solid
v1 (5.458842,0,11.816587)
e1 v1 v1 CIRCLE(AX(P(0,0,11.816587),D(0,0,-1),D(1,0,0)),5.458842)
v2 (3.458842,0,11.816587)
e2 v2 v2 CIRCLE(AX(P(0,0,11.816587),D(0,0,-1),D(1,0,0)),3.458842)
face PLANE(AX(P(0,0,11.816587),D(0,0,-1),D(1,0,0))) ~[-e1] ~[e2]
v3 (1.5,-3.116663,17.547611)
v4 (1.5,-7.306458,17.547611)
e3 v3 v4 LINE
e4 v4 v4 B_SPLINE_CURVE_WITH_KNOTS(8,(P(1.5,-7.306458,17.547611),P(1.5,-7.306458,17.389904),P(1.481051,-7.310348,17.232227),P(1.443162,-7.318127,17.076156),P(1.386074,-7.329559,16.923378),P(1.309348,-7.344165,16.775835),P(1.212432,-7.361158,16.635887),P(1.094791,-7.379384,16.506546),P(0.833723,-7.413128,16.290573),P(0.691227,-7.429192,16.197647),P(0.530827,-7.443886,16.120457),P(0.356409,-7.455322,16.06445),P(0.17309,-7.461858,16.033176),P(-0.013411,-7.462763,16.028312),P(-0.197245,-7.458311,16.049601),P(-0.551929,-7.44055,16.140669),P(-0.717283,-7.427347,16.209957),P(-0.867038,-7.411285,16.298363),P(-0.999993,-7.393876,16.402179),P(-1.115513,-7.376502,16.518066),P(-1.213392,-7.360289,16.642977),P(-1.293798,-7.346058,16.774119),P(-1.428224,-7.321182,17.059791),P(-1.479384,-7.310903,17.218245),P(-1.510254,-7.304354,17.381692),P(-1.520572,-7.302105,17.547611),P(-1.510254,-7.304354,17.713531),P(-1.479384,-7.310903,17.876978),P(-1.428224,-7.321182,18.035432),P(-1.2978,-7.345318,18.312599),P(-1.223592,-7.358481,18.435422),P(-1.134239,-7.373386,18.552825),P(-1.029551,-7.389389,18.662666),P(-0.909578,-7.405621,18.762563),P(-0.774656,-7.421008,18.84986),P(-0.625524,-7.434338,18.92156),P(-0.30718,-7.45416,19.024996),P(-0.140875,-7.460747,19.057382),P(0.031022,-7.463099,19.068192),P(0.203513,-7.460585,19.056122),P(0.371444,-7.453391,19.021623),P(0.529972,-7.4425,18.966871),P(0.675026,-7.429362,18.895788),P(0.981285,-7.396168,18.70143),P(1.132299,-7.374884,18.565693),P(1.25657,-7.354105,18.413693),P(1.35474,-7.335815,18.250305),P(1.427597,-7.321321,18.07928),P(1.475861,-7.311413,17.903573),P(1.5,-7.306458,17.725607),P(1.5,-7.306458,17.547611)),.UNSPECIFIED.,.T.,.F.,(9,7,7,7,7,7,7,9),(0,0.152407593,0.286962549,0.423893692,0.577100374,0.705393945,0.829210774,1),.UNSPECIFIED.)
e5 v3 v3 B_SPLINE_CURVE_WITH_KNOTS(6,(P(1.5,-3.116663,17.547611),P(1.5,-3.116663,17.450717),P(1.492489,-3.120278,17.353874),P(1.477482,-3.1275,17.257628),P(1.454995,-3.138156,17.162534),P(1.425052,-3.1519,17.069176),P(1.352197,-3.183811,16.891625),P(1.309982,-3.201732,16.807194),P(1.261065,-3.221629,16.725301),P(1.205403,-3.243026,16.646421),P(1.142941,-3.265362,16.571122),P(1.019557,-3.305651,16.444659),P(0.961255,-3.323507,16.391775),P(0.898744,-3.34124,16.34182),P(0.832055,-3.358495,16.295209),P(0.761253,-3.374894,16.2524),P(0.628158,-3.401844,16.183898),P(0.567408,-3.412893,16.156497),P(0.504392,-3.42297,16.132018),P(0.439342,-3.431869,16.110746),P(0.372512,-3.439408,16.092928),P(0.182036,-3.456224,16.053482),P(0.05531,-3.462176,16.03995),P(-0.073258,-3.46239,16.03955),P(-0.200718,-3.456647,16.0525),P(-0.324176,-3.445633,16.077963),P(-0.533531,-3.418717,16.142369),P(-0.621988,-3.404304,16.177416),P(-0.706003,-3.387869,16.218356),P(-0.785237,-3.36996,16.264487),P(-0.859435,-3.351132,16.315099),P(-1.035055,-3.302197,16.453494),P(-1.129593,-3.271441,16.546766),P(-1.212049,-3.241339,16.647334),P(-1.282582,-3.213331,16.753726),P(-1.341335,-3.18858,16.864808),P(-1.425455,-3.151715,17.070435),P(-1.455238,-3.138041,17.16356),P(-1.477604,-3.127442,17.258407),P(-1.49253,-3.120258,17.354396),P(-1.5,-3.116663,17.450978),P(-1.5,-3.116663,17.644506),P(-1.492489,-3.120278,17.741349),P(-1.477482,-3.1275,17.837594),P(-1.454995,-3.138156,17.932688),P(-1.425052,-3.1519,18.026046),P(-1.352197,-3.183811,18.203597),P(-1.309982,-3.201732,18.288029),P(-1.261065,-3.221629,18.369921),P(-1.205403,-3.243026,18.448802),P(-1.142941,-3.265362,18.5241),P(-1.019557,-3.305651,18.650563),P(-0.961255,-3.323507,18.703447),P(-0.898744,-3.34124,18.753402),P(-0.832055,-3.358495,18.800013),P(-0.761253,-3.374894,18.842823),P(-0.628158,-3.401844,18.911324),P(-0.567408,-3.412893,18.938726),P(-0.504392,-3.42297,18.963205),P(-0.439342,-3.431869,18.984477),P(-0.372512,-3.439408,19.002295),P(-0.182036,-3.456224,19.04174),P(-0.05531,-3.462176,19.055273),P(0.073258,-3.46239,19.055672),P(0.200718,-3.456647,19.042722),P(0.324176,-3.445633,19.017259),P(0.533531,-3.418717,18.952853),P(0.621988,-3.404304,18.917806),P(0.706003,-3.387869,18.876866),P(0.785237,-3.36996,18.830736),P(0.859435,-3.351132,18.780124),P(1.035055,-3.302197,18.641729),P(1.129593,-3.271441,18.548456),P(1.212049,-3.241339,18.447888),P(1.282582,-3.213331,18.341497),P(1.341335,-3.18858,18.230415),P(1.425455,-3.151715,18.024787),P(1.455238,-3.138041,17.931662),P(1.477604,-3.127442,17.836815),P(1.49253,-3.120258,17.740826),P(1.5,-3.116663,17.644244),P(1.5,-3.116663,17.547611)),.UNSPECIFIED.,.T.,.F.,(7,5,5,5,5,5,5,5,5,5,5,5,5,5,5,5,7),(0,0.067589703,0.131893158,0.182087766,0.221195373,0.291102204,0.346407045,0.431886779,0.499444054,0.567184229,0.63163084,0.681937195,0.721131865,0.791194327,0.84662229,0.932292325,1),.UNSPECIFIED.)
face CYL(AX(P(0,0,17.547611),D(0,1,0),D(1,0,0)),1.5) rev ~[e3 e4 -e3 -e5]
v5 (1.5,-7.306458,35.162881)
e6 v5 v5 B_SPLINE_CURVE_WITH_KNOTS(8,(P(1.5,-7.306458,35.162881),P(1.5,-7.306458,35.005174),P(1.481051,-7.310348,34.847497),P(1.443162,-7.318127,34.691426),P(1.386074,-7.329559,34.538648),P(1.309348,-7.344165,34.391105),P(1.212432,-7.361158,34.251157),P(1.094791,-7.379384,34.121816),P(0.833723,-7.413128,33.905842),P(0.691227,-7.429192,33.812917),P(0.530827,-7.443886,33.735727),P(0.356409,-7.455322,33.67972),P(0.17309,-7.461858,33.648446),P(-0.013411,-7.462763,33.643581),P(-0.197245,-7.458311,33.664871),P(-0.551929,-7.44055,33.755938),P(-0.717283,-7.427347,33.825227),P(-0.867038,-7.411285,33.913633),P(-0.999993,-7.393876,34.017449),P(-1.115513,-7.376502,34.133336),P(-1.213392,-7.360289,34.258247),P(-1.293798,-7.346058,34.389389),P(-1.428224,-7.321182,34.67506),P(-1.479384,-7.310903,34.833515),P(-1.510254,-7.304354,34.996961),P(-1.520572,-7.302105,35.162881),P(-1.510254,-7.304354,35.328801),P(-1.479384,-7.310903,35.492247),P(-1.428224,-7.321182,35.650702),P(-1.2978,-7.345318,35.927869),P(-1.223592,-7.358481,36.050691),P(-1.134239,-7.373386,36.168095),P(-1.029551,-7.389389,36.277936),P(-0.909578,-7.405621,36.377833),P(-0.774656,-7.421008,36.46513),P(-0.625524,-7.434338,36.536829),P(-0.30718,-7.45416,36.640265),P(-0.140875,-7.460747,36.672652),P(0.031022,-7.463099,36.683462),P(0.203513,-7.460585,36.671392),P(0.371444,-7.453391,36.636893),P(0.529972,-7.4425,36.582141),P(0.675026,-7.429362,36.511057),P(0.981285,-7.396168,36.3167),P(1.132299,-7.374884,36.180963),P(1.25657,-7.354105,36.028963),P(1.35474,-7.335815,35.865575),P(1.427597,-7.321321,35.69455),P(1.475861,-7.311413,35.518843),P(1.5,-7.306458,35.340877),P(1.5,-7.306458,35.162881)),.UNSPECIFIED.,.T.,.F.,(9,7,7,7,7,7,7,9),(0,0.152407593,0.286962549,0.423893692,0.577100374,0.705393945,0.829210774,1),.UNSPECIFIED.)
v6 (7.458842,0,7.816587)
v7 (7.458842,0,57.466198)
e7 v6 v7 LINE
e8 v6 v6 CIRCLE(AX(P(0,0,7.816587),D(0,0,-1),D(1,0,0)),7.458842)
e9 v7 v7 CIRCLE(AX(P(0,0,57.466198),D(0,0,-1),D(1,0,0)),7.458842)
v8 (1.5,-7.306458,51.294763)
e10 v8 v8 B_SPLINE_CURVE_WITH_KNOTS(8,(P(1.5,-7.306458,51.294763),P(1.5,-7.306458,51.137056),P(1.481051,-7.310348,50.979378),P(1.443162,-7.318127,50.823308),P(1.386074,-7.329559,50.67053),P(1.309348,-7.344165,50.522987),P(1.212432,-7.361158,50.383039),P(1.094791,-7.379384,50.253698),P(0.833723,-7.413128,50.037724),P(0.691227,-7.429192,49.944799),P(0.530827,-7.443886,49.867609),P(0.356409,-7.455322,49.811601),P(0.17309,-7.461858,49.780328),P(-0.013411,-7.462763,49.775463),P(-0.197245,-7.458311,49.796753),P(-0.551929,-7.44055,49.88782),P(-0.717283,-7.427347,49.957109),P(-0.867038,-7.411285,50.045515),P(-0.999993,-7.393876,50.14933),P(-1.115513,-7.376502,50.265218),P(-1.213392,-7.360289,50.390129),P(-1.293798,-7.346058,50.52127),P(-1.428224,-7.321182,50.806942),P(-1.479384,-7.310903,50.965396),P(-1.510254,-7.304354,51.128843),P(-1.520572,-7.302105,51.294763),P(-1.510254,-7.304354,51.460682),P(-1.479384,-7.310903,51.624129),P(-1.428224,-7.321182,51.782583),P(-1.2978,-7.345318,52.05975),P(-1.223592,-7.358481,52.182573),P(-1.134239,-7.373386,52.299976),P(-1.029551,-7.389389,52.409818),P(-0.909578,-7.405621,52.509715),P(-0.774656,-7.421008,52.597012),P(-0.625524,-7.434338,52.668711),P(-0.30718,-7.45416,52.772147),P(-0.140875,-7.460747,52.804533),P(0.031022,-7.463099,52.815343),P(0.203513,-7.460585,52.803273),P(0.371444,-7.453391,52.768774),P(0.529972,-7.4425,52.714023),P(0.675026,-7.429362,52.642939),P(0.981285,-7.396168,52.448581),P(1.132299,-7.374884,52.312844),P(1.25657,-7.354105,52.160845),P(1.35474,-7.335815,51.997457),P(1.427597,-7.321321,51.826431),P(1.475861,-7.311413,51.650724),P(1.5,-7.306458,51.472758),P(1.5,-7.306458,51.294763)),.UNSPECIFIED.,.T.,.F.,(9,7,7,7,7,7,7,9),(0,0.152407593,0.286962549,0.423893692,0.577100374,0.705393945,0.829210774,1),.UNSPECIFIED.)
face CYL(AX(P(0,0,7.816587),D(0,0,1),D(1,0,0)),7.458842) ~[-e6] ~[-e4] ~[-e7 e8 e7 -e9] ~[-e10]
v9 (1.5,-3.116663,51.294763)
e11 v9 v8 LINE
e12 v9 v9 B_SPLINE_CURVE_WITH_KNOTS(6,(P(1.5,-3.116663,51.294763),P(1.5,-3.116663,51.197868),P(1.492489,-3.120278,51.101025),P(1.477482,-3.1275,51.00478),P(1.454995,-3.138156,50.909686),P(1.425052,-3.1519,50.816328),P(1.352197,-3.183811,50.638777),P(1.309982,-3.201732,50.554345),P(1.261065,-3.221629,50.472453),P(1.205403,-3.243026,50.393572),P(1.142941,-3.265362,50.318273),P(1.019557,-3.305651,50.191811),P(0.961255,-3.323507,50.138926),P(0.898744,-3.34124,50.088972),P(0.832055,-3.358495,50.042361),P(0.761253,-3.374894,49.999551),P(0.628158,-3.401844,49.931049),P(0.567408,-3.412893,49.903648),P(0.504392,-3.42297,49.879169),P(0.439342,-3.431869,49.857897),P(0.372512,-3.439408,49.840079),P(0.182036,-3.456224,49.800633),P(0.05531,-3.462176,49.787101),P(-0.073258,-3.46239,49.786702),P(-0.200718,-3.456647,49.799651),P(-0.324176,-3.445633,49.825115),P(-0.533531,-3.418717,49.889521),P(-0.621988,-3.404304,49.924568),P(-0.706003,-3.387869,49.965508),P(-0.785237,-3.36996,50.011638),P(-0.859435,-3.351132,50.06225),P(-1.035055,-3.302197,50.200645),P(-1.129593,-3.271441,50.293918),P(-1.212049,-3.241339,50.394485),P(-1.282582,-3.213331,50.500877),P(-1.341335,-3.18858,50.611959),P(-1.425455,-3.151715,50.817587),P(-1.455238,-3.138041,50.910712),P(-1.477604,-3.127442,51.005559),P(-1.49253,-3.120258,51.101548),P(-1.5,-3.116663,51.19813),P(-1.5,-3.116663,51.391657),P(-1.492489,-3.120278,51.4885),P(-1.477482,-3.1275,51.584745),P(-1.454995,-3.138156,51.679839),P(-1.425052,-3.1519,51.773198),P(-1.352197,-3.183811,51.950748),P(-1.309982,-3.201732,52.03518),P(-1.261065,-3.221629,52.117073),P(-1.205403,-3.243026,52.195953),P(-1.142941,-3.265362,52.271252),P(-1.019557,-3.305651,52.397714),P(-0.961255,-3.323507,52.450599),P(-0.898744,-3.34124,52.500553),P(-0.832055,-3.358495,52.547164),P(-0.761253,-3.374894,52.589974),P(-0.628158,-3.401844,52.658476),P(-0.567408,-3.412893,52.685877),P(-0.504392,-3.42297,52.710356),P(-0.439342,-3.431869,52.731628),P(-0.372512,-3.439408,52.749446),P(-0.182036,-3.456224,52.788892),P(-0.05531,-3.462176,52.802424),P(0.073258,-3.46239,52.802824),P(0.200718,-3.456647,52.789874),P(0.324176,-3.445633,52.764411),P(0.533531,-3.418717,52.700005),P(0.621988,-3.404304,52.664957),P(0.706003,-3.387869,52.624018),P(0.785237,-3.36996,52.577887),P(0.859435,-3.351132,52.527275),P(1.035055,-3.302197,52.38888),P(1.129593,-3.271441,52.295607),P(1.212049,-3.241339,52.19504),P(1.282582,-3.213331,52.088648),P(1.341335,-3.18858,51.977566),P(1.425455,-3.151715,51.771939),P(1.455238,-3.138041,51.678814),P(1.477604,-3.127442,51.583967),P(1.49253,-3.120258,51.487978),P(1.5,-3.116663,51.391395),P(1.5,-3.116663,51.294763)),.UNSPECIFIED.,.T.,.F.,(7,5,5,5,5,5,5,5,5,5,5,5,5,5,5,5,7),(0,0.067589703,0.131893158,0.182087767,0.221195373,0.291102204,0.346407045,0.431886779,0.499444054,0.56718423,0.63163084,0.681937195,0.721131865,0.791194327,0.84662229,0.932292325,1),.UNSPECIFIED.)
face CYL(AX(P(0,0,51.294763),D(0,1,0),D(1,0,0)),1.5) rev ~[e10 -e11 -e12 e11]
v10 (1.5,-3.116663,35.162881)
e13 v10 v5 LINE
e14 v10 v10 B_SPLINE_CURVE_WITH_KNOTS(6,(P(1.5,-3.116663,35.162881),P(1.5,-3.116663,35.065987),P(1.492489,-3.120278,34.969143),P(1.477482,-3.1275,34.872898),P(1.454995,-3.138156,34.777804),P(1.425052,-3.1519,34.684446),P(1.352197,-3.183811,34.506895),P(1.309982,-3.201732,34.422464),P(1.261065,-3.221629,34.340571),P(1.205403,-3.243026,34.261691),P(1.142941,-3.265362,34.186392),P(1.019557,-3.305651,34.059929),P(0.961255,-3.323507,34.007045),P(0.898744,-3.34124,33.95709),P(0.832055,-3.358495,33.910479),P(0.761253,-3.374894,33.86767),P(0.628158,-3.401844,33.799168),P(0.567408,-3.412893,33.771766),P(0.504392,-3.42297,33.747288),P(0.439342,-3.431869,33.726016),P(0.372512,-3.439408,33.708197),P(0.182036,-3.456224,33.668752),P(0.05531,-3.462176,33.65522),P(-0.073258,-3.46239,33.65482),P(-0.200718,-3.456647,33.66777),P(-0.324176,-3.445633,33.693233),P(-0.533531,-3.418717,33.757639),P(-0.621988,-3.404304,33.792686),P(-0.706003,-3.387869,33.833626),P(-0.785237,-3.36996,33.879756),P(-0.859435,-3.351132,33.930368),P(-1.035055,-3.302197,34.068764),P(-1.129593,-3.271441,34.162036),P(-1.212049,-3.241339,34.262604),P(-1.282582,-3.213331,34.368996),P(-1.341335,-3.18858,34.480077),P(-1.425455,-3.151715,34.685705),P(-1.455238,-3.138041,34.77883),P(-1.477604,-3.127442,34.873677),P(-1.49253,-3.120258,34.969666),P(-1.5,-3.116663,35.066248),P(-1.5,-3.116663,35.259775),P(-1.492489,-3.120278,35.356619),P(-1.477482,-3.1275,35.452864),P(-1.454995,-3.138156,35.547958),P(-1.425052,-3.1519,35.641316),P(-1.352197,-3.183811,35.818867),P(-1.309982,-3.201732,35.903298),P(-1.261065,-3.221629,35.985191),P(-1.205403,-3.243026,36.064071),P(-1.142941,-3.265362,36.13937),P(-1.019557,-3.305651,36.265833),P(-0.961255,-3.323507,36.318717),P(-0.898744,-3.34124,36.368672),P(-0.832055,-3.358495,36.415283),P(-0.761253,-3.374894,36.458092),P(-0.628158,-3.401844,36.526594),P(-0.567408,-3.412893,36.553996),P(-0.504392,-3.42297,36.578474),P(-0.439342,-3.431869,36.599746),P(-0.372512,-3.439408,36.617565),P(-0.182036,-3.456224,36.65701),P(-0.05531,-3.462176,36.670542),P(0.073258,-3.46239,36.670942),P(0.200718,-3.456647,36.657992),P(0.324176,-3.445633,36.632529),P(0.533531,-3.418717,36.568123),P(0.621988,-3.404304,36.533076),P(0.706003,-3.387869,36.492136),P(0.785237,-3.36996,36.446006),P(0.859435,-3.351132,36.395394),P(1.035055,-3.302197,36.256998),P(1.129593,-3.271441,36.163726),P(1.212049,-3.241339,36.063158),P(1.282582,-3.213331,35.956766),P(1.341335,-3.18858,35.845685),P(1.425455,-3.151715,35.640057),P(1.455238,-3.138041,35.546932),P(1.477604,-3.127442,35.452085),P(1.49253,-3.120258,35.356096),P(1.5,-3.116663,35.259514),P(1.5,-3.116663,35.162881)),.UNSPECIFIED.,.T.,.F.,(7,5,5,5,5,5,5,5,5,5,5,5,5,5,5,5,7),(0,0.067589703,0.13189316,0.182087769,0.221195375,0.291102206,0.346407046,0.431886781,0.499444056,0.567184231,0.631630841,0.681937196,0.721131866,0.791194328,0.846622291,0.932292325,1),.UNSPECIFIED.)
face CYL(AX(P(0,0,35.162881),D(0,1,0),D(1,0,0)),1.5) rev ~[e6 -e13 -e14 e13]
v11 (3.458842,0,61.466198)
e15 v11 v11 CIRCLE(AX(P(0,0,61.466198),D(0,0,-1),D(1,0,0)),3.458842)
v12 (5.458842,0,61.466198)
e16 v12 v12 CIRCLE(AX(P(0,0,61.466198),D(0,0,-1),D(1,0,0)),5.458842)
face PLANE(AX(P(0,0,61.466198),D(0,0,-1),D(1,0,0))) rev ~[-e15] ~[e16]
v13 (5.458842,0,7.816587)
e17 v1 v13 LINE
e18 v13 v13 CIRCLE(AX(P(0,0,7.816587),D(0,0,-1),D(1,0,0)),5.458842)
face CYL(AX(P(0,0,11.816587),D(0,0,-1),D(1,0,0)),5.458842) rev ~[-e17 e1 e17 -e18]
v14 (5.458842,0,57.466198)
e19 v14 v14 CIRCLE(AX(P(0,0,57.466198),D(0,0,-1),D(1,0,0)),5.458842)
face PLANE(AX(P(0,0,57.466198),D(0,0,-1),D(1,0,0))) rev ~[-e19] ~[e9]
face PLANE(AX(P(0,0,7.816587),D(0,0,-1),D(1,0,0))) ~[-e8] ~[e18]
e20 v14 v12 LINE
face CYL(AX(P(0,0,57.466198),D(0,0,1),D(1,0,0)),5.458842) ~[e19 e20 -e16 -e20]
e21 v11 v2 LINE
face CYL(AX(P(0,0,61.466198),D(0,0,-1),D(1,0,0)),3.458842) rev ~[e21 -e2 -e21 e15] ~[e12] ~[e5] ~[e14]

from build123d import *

# Parameters (mm, degrees)
F3_D     = 3
F3_DEPTH = 7.4598419297


with BuildPart() as f1:
    # F0 (on Front) → F1 (revolve)
    with BuildSketch(Plane.XZ):
        Polygon((3.4588419297, 61.4661982319), (3.4588419297, 11.8165865856), (5.4588419297, 11.8165865856), (5.4588419297, 7.8165865856), (7.4588419297, 7.8165865856), (7.4588419297, 57.4661982319), (5.4588419297, 57.4661982319), (5.4588419297, 61.4661982319), align=None)
    revolve(axis=Axis((0, 0, 33.0960974097), (0, 0, -1)))

    # F3 (through all, one way)
    with BuildSketch(Plane(origin=(0, 0, 0), x_dir=(1, 0, 0), z_dir=(0, 1, 0))):
        with Locations((0, -51.2947626412), (0, -35.1628810167), (0, -17.5476111472)):
            Circle(F3_D / 2)
    extrude(amount=-F3_DEPTH, mode=Mode.SUBTRACT)


solid = f1.part
